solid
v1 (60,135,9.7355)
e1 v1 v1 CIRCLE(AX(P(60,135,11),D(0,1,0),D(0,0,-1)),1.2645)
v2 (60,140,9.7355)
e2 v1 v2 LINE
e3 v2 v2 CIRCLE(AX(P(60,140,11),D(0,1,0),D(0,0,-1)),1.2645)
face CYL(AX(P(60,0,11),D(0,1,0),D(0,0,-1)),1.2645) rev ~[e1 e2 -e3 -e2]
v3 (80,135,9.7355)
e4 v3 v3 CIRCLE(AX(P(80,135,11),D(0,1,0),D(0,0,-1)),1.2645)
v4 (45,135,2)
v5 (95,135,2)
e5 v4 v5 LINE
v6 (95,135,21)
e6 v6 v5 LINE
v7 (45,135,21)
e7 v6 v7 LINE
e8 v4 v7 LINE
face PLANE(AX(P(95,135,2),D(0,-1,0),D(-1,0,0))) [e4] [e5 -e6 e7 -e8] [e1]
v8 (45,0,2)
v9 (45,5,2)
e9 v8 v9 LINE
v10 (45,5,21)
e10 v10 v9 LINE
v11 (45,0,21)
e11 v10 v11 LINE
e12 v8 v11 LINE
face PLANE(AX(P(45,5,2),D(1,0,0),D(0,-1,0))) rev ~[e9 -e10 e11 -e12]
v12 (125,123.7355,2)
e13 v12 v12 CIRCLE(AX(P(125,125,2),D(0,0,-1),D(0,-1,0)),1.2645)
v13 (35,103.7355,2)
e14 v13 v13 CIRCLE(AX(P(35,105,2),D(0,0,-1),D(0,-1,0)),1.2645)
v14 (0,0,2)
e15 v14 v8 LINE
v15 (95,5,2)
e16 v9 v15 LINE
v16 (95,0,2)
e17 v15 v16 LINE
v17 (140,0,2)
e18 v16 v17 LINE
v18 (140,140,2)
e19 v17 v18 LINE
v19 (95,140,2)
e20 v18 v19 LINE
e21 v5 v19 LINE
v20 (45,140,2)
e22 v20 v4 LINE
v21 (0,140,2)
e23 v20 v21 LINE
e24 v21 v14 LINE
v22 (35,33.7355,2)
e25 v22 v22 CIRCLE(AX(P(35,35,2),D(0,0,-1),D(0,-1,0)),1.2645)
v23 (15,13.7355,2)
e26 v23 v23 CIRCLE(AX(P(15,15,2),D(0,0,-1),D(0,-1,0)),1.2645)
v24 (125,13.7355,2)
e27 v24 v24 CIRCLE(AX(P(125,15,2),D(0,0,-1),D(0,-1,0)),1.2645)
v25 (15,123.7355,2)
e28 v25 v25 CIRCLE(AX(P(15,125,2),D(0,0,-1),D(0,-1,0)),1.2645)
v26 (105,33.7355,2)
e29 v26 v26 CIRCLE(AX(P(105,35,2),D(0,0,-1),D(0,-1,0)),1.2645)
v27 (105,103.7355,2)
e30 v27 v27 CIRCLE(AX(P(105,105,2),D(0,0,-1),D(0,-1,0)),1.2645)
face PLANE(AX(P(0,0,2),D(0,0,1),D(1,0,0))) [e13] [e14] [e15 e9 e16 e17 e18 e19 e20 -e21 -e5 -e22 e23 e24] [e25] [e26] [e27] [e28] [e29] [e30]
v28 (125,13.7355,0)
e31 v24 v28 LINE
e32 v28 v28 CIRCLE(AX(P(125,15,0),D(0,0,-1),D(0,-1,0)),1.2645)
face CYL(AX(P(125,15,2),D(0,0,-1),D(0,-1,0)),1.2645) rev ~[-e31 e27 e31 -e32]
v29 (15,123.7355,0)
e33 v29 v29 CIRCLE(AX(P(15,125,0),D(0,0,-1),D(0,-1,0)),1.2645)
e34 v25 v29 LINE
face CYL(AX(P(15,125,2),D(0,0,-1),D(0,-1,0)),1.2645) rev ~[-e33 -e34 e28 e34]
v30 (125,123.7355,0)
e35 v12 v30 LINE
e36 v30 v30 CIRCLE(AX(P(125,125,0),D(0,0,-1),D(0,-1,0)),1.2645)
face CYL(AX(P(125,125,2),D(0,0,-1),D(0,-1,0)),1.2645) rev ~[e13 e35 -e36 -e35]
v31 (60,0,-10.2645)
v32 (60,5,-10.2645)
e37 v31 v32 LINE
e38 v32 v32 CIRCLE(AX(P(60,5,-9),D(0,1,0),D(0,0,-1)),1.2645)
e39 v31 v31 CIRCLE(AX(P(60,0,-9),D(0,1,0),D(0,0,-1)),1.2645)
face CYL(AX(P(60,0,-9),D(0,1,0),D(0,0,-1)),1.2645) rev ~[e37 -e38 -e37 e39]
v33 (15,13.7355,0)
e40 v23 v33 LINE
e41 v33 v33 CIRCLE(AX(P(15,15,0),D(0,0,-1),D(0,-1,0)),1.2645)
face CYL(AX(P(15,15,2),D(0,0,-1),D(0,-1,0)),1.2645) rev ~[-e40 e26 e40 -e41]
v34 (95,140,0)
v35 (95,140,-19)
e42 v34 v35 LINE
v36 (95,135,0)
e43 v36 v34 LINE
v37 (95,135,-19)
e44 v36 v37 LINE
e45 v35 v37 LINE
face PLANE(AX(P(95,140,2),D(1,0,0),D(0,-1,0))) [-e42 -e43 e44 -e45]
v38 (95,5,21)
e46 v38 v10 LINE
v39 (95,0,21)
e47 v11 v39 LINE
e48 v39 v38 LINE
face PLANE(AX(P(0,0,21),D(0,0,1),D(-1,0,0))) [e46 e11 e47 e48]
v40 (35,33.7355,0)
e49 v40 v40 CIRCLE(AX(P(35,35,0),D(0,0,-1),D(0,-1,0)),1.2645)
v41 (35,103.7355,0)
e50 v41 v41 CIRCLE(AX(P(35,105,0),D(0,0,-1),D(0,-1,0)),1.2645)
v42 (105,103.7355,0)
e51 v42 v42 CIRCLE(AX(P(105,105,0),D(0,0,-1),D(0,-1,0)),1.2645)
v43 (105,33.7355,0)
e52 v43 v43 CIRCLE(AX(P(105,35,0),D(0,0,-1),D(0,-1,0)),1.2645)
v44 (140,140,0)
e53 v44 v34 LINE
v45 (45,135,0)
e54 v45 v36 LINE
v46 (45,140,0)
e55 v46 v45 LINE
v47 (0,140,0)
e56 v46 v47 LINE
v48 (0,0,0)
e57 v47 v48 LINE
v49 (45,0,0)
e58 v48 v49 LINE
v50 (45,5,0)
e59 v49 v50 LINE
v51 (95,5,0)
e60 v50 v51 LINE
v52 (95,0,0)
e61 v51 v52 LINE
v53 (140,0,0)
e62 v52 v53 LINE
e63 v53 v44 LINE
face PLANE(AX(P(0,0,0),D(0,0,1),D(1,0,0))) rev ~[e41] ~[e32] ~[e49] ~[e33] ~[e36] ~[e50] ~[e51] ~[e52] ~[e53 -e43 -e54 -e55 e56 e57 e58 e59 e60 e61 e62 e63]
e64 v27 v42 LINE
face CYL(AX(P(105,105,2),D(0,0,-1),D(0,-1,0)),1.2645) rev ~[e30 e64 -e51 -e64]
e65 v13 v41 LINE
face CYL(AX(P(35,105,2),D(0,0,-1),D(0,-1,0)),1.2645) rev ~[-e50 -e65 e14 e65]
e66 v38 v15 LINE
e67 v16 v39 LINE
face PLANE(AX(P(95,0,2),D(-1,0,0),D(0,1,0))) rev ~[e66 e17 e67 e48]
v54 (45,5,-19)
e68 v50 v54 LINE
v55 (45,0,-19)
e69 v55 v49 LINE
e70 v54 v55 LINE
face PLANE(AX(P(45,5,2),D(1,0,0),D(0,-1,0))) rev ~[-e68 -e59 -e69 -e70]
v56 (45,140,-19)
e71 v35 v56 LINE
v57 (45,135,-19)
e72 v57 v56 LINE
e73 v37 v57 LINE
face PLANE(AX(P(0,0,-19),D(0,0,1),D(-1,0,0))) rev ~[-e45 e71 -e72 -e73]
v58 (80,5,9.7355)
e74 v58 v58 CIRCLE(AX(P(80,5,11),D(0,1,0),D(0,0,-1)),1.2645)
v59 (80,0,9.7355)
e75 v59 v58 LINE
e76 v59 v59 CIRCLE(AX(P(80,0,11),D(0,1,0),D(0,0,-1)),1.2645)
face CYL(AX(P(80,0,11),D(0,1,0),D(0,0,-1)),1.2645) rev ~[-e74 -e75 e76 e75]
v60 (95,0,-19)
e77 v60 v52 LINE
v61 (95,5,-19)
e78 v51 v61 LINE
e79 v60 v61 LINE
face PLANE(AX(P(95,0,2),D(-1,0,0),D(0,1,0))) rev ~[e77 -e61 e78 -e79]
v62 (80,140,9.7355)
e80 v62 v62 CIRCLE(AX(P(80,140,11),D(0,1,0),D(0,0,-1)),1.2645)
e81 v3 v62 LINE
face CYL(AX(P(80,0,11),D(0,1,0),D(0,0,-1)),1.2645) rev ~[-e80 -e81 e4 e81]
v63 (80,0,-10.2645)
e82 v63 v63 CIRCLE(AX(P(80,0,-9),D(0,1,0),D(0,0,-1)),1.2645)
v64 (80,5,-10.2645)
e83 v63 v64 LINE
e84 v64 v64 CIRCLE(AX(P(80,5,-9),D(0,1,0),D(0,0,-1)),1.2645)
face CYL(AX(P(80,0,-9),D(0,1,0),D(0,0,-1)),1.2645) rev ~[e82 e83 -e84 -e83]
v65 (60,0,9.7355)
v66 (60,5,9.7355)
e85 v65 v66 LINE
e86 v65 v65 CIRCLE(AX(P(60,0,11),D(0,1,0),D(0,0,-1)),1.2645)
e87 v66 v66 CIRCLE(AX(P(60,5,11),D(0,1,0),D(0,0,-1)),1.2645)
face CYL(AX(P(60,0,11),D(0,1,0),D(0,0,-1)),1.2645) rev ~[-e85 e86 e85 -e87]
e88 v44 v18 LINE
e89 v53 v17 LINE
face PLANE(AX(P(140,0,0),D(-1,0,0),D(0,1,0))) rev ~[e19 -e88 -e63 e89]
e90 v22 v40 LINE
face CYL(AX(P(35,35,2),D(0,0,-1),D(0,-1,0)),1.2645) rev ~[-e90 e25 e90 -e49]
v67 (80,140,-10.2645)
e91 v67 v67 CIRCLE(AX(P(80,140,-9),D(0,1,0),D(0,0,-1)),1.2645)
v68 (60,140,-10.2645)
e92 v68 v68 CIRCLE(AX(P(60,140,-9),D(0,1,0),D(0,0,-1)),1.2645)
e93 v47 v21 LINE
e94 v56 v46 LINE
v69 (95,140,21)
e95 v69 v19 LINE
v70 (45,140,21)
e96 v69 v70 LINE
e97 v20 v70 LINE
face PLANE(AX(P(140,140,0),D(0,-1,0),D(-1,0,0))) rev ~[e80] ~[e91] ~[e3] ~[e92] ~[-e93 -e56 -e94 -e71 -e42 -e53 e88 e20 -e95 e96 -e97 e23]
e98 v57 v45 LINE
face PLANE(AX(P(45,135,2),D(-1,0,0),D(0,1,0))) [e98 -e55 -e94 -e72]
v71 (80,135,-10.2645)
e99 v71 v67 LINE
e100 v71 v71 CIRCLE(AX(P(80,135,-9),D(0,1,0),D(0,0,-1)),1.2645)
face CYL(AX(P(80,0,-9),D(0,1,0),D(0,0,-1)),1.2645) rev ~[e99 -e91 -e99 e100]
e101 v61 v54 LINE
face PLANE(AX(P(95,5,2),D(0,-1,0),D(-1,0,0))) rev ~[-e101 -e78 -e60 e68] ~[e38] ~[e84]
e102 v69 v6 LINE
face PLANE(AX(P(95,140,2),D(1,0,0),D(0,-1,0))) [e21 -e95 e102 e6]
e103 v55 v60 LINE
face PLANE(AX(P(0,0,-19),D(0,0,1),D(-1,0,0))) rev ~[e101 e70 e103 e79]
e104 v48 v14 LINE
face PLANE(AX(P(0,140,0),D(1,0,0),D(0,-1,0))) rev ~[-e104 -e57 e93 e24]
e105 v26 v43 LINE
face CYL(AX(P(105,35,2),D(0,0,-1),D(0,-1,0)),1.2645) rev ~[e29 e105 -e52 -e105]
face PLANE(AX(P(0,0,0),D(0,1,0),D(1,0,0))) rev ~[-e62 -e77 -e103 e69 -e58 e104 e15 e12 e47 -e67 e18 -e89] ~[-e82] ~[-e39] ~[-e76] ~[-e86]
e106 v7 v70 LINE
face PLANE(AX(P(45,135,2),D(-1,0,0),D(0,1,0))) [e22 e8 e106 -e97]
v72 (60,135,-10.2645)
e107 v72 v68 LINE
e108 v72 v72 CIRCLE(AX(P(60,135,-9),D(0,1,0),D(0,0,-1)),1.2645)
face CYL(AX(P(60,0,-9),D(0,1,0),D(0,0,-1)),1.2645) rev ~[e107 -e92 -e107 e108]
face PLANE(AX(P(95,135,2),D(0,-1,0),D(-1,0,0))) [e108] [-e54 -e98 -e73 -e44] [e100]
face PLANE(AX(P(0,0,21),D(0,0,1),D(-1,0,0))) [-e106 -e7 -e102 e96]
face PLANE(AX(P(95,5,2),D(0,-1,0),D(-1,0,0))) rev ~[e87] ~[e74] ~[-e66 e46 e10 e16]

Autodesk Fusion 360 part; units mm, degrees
sketch "Sketch1" plane through (0, 0, 0) normal (0, 0, 1) x (1, 0, 0)
  line L0 (0, 0) -> (140, 0)
  line L1 (140, 0) -> (140, 140)
  line L2 (140, 140) -> (0, 140)
  line L3 (0, 140) -> (0, 0)
  dimension "d1" = 140
  dimension "d2" = 140
extrude "Extrude1" add sketch "Sketch1" along normal blind 2
sketch "Sketch2" plane through (0, 0, 2) normal (0, 0, 1) x (-1, 0, 0)
  line L0 (0, -140) -> (0, 0)
  line L1 (0, 0) -> (-140, 0)
  line L2 (-140, 0) -> (-140, -140)
  line L3 (-140, -140) -> (0, -140)
  line L4 (-45, 0) -> (-95, 0)
  line L5 (-95, 0) -> (-95, -5)
  line L6 (-95, -5) -> (-45, -5)
  line L7 (-45, -5) -> (-45, 0)
  line L8 (-45, -140) -> (-95, -140)
  line L9 (-95, -140) -> (-95, -135)
  line L10 (-95, -135) -> (-45, -135)
  line L11 (-45, -135) -> (-45, -140)
  dimension "d5" = 45
  dimension "d6" = 45
  dimension "d7" = 5
  dimension "d8" = 50
  dimension "d9" = 5
  dimension "d10" = 45
extrude "Extrude2" add sketch "Sketch2" along normal blind 19 and the other way blind 21 contours L3 L8 L9 L10 L11 | L1 L4 L5 L6 L7
sketch "Sketch3" plane through (0, 0, 0) normal (0, -1, 0) x (1, 0, 0)
  line L0 (45, 2) -> (0, 2)
  line L1 (0, 2) -> (0, 0)
  line L2 (0, 0) -> (45, 0)
  line L3 (45, 0) -> (45, -19)
  line L4 (45, -19) -> (95, -19)
  line L5 (95, -19) -> (95, 0)
  line L6 (95, 0) -> (140, 0)
  line L7 (140, 0) -> (140, 2)
  line L8 (140, 2) -> (95, 2)
  line L9 (95, 2) -> (95, 21)
  line L10 (95, 21) -> (45, 21)
  line L11 (45, 21) -> (45, 2)
  line L12 (60, -9) -> (80, -9) construction
  line L13 (80, -9) -> (80, 11) construction
  line L14 (80, 11) -> (60, 11) construction
  line L15 (60, 11) -> (60, -9) construction
  circle A0 centre (60, 11) radius 1.5
  circle A1 centre (80, 11) radius 1.5
  circle A2 centre (60, -9) radius 1.5
  circle A3 centre (80, -9) radius 1.5
  dimension "d15" = 20
  dimension "d16" = 20
  dimension "d17" = 10
  dimension "d18" = 15
  dimension "d19" = 3
  dimension "d20" = 3
  dimension "d21" = 3
  dimension "d22" = 3
hole "Hole1" at (60, 0, 11) at (80, 0, 11) at (60, 0, -9) at (80, 0, -9) direction (0, 1, 0) diameter 2.529 depth 140 tip angle 118
sketch "Sketch4" plane through (0, 0, 2) normal (0, 0, 1) x (-1, 0, 0)
  line L0 (-45, 0) -> (-45, -5)
  line L1 (-45, -5) -> (-95, -5)
  line L2 (-95, -5) -> (-95, 0)
  line L3 (-95, 0) -> (-140, 0)
  line L4 (-140, 0) -> (-140, -140)
  line L5 (-140, -140) -> (-95, -140)
  line L6 (-95, -140) -> (-95, -135)
  line L7 (-95, -135) -> (-45, -135)
  line L8 (-45, -135) -> (-45, -140)
  line L9 (-45, -140) -> (0, -140)
  line L10 (0, -140) -> (0, 0)
  line L11 (0, 0) -> (-45, 0)
  line L12 (-15, -15) -> (-125, -15) construction
  line L13 (-125, -15) -> (-125, -125) construction
  line L14 (-125, -125) -> (-15, -125) construction
  line L15 (-15, -125) -> (-15, -15) construction
  line L16 (-105, -35) -> (-105, -105) construction
  line L17 (-105, -105) -> (-35, -105) construction
  line L18 (-35, -105) -> (-35, -35) construction
  line L19 (-35, -35) -> (-105, -35) construction
  circle A0 centre (-15, -125) radius 1.5
  circle A1 centre (-125, -125) radius 1.5
  circle A2 centre (-35, -105) radius 1.5
  circle A3 centre (-105, -105) radius 1.5
  circle A4 centre (-105, -35) radius 1.5
  circle A5 centre (-35, -35) radius 1.5
  circle A6 centre (-15, -15) radius 1.5
  circle A7 centre (-125, -15) radius 1.5
  dimension "d28" = -20
  dimension "d29" = 3
  dimension "d30" = 3
  dimension "d31" = 3
  dimension "d32" = 3
  dimension "d33" = 3
  dimension "d34" = 3
  dimension "d35" = 3
  dimension "d36" = 3
hole "Hole2" at (15, 125, 2) at (125, 125, 2) at (105, 105, 2) at (35, 105, 2) at (35, 35, 2) at (125, 15, 2) at (105, 35, 2) at (15, 15, 2) direction (0, 0, -1) diameter 2.529 depth 2 tip angle 118
